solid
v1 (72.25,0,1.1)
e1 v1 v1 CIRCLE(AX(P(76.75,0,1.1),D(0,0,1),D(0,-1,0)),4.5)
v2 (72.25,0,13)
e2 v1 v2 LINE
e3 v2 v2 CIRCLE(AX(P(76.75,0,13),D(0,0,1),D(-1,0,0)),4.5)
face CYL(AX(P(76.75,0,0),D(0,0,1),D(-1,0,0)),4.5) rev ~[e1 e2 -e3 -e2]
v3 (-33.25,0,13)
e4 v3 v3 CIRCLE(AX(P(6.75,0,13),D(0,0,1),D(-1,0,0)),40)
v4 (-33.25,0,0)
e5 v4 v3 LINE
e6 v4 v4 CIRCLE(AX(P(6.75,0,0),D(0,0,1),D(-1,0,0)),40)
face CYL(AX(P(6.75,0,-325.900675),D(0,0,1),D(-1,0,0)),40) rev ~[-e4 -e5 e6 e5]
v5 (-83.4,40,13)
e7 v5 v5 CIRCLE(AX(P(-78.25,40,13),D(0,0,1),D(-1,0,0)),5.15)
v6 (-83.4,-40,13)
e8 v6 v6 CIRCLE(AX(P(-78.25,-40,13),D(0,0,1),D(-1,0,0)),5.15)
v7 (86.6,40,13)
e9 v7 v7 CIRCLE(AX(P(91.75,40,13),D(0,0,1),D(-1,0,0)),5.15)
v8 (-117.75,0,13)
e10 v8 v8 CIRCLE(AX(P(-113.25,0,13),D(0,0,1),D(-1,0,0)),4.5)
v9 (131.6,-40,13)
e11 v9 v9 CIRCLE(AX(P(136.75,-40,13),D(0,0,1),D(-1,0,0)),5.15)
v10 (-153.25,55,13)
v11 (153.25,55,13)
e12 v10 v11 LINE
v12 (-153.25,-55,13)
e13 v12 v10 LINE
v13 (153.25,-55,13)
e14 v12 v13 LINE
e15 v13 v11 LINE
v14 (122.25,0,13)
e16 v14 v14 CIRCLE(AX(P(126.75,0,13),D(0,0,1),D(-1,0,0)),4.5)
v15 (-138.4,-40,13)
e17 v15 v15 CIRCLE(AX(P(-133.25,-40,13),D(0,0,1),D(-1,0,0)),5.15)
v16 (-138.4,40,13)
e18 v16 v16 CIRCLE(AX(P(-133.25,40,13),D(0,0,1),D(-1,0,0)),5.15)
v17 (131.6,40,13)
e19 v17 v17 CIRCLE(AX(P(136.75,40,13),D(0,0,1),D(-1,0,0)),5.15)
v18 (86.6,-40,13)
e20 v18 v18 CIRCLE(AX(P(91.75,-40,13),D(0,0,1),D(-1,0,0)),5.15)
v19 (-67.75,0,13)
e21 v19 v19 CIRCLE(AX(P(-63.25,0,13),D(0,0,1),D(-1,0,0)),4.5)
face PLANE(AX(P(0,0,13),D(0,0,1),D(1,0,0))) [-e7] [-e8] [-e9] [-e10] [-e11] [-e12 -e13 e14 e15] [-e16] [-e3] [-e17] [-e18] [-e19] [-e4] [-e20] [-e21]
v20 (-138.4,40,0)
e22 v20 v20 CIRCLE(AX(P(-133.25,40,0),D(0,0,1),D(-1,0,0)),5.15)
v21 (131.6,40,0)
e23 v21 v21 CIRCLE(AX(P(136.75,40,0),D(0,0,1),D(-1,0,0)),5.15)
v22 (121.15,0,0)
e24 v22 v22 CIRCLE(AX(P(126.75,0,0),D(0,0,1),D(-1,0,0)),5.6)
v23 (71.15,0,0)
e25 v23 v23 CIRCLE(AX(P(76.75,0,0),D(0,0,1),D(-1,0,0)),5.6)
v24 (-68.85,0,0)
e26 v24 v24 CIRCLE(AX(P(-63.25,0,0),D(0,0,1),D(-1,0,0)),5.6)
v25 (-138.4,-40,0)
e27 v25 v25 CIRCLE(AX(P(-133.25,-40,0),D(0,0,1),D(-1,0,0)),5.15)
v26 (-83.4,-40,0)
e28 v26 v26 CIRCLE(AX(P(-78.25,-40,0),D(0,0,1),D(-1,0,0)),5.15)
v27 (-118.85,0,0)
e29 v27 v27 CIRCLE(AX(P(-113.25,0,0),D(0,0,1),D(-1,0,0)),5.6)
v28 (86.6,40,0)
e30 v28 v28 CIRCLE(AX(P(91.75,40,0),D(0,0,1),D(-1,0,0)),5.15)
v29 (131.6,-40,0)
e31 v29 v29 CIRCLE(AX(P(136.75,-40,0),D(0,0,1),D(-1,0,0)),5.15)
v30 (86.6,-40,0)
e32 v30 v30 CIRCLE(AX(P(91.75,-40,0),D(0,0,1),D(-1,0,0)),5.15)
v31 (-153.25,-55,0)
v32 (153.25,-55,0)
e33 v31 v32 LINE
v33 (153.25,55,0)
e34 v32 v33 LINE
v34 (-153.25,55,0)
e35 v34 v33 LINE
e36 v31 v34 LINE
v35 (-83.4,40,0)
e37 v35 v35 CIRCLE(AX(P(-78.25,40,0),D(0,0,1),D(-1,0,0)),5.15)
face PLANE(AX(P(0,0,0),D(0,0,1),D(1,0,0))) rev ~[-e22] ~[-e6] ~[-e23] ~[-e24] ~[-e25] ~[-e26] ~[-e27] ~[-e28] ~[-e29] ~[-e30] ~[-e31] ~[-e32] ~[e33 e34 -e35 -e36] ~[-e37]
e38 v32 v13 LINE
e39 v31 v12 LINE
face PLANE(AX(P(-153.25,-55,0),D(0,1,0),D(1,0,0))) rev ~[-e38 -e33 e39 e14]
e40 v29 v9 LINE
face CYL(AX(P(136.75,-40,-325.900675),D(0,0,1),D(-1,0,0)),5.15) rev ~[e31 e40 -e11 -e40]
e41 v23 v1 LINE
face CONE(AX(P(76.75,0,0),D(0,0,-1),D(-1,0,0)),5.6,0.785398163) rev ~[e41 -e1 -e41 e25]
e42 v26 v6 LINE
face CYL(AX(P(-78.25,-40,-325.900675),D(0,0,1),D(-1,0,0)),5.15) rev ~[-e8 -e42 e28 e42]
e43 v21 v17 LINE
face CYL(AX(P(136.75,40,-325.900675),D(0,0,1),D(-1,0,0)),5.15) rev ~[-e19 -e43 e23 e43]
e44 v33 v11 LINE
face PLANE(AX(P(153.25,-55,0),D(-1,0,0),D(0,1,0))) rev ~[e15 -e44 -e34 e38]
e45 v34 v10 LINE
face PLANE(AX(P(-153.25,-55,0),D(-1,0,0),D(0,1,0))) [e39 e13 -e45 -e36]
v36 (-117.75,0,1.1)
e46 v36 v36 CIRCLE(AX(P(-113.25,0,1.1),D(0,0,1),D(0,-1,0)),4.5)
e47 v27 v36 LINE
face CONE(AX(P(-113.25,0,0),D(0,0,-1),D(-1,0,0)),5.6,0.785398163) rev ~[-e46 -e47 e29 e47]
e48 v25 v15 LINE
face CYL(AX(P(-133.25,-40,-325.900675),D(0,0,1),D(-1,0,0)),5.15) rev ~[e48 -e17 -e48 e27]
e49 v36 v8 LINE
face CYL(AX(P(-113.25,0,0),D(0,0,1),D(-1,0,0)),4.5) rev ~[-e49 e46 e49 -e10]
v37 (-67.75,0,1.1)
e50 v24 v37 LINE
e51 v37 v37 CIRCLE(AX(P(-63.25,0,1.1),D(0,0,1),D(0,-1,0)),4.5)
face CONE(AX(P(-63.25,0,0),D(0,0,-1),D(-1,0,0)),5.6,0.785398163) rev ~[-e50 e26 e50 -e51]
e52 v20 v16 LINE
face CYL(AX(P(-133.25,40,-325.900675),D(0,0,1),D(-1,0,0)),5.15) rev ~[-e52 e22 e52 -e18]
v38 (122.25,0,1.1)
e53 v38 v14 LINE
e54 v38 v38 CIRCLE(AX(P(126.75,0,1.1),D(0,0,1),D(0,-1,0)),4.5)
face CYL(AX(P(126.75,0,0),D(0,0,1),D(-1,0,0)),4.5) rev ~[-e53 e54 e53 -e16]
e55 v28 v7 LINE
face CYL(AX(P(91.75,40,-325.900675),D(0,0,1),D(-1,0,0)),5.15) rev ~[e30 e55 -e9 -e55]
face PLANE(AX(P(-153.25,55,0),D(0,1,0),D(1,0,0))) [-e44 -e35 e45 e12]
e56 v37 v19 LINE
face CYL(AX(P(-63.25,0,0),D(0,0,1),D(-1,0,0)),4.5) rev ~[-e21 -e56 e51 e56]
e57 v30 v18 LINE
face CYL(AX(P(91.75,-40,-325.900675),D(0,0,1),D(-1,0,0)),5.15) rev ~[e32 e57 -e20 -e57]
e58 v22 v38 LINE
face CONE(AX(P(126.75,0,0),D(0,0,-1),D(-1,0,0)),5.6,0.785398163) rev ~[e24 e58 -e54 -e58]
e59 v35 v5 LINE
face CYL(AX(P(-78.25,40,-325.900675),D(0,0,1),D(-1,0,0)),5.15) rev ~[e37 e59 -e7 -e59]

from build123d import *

# Parameters (mm, degrees)
F0_W           = 306.5
F0_H           = 110
F1_DEPTH       = 13
F2_D           = 9
F2_CSINK_D     = 11.2
F2_CSINK_ANGLE = 90
F3_D           = 80
F4_D           = 10.3


with BuildPart() as f1:
    # F0 (on Top) → F1 (new body)
    with BuildSketch(Plane.XY):
        Rectangle(F0_W, F0_H)
    extrude(amount=F1_DEPTH)

    # F2 (through all)
    with Locations(Plane(origin=(0, 0, 0), x_dir=(1, 0, 0), z_dir=(0, 0, -1))):
        with Locations((-113.25, 0), (-63.25, 0), (76.75, 0), (126.75, 0)):
            CounterSinkHole(F2_D / 2, F2_CSINK_D / 2, counter_sink_angle=F2_CSINK_ANGLE)

    # F3 (through all)
    with Locations(Plane(origin=(0, 0, 0), x_dir=(1, 0, 0), z_dir=(0, 0, -1))):
        with Locations((6.75, 0)):
            Hole(F3_D / 2)

    # F4 (through all)
    with Locations(Plane(origin=(0, 0, 0), x_dir=(1, 0, 0), z_dir=(0, 0, -1))):
        with Locations((-133.25, 40), (-78.25, 40), (-133.25, -40), (-78.25, -40), (91.75, 40), (136.75, 40), (91.75, -40), (136.75, -40)):
            Hole(F4_D / 2)


solid = f1.part
